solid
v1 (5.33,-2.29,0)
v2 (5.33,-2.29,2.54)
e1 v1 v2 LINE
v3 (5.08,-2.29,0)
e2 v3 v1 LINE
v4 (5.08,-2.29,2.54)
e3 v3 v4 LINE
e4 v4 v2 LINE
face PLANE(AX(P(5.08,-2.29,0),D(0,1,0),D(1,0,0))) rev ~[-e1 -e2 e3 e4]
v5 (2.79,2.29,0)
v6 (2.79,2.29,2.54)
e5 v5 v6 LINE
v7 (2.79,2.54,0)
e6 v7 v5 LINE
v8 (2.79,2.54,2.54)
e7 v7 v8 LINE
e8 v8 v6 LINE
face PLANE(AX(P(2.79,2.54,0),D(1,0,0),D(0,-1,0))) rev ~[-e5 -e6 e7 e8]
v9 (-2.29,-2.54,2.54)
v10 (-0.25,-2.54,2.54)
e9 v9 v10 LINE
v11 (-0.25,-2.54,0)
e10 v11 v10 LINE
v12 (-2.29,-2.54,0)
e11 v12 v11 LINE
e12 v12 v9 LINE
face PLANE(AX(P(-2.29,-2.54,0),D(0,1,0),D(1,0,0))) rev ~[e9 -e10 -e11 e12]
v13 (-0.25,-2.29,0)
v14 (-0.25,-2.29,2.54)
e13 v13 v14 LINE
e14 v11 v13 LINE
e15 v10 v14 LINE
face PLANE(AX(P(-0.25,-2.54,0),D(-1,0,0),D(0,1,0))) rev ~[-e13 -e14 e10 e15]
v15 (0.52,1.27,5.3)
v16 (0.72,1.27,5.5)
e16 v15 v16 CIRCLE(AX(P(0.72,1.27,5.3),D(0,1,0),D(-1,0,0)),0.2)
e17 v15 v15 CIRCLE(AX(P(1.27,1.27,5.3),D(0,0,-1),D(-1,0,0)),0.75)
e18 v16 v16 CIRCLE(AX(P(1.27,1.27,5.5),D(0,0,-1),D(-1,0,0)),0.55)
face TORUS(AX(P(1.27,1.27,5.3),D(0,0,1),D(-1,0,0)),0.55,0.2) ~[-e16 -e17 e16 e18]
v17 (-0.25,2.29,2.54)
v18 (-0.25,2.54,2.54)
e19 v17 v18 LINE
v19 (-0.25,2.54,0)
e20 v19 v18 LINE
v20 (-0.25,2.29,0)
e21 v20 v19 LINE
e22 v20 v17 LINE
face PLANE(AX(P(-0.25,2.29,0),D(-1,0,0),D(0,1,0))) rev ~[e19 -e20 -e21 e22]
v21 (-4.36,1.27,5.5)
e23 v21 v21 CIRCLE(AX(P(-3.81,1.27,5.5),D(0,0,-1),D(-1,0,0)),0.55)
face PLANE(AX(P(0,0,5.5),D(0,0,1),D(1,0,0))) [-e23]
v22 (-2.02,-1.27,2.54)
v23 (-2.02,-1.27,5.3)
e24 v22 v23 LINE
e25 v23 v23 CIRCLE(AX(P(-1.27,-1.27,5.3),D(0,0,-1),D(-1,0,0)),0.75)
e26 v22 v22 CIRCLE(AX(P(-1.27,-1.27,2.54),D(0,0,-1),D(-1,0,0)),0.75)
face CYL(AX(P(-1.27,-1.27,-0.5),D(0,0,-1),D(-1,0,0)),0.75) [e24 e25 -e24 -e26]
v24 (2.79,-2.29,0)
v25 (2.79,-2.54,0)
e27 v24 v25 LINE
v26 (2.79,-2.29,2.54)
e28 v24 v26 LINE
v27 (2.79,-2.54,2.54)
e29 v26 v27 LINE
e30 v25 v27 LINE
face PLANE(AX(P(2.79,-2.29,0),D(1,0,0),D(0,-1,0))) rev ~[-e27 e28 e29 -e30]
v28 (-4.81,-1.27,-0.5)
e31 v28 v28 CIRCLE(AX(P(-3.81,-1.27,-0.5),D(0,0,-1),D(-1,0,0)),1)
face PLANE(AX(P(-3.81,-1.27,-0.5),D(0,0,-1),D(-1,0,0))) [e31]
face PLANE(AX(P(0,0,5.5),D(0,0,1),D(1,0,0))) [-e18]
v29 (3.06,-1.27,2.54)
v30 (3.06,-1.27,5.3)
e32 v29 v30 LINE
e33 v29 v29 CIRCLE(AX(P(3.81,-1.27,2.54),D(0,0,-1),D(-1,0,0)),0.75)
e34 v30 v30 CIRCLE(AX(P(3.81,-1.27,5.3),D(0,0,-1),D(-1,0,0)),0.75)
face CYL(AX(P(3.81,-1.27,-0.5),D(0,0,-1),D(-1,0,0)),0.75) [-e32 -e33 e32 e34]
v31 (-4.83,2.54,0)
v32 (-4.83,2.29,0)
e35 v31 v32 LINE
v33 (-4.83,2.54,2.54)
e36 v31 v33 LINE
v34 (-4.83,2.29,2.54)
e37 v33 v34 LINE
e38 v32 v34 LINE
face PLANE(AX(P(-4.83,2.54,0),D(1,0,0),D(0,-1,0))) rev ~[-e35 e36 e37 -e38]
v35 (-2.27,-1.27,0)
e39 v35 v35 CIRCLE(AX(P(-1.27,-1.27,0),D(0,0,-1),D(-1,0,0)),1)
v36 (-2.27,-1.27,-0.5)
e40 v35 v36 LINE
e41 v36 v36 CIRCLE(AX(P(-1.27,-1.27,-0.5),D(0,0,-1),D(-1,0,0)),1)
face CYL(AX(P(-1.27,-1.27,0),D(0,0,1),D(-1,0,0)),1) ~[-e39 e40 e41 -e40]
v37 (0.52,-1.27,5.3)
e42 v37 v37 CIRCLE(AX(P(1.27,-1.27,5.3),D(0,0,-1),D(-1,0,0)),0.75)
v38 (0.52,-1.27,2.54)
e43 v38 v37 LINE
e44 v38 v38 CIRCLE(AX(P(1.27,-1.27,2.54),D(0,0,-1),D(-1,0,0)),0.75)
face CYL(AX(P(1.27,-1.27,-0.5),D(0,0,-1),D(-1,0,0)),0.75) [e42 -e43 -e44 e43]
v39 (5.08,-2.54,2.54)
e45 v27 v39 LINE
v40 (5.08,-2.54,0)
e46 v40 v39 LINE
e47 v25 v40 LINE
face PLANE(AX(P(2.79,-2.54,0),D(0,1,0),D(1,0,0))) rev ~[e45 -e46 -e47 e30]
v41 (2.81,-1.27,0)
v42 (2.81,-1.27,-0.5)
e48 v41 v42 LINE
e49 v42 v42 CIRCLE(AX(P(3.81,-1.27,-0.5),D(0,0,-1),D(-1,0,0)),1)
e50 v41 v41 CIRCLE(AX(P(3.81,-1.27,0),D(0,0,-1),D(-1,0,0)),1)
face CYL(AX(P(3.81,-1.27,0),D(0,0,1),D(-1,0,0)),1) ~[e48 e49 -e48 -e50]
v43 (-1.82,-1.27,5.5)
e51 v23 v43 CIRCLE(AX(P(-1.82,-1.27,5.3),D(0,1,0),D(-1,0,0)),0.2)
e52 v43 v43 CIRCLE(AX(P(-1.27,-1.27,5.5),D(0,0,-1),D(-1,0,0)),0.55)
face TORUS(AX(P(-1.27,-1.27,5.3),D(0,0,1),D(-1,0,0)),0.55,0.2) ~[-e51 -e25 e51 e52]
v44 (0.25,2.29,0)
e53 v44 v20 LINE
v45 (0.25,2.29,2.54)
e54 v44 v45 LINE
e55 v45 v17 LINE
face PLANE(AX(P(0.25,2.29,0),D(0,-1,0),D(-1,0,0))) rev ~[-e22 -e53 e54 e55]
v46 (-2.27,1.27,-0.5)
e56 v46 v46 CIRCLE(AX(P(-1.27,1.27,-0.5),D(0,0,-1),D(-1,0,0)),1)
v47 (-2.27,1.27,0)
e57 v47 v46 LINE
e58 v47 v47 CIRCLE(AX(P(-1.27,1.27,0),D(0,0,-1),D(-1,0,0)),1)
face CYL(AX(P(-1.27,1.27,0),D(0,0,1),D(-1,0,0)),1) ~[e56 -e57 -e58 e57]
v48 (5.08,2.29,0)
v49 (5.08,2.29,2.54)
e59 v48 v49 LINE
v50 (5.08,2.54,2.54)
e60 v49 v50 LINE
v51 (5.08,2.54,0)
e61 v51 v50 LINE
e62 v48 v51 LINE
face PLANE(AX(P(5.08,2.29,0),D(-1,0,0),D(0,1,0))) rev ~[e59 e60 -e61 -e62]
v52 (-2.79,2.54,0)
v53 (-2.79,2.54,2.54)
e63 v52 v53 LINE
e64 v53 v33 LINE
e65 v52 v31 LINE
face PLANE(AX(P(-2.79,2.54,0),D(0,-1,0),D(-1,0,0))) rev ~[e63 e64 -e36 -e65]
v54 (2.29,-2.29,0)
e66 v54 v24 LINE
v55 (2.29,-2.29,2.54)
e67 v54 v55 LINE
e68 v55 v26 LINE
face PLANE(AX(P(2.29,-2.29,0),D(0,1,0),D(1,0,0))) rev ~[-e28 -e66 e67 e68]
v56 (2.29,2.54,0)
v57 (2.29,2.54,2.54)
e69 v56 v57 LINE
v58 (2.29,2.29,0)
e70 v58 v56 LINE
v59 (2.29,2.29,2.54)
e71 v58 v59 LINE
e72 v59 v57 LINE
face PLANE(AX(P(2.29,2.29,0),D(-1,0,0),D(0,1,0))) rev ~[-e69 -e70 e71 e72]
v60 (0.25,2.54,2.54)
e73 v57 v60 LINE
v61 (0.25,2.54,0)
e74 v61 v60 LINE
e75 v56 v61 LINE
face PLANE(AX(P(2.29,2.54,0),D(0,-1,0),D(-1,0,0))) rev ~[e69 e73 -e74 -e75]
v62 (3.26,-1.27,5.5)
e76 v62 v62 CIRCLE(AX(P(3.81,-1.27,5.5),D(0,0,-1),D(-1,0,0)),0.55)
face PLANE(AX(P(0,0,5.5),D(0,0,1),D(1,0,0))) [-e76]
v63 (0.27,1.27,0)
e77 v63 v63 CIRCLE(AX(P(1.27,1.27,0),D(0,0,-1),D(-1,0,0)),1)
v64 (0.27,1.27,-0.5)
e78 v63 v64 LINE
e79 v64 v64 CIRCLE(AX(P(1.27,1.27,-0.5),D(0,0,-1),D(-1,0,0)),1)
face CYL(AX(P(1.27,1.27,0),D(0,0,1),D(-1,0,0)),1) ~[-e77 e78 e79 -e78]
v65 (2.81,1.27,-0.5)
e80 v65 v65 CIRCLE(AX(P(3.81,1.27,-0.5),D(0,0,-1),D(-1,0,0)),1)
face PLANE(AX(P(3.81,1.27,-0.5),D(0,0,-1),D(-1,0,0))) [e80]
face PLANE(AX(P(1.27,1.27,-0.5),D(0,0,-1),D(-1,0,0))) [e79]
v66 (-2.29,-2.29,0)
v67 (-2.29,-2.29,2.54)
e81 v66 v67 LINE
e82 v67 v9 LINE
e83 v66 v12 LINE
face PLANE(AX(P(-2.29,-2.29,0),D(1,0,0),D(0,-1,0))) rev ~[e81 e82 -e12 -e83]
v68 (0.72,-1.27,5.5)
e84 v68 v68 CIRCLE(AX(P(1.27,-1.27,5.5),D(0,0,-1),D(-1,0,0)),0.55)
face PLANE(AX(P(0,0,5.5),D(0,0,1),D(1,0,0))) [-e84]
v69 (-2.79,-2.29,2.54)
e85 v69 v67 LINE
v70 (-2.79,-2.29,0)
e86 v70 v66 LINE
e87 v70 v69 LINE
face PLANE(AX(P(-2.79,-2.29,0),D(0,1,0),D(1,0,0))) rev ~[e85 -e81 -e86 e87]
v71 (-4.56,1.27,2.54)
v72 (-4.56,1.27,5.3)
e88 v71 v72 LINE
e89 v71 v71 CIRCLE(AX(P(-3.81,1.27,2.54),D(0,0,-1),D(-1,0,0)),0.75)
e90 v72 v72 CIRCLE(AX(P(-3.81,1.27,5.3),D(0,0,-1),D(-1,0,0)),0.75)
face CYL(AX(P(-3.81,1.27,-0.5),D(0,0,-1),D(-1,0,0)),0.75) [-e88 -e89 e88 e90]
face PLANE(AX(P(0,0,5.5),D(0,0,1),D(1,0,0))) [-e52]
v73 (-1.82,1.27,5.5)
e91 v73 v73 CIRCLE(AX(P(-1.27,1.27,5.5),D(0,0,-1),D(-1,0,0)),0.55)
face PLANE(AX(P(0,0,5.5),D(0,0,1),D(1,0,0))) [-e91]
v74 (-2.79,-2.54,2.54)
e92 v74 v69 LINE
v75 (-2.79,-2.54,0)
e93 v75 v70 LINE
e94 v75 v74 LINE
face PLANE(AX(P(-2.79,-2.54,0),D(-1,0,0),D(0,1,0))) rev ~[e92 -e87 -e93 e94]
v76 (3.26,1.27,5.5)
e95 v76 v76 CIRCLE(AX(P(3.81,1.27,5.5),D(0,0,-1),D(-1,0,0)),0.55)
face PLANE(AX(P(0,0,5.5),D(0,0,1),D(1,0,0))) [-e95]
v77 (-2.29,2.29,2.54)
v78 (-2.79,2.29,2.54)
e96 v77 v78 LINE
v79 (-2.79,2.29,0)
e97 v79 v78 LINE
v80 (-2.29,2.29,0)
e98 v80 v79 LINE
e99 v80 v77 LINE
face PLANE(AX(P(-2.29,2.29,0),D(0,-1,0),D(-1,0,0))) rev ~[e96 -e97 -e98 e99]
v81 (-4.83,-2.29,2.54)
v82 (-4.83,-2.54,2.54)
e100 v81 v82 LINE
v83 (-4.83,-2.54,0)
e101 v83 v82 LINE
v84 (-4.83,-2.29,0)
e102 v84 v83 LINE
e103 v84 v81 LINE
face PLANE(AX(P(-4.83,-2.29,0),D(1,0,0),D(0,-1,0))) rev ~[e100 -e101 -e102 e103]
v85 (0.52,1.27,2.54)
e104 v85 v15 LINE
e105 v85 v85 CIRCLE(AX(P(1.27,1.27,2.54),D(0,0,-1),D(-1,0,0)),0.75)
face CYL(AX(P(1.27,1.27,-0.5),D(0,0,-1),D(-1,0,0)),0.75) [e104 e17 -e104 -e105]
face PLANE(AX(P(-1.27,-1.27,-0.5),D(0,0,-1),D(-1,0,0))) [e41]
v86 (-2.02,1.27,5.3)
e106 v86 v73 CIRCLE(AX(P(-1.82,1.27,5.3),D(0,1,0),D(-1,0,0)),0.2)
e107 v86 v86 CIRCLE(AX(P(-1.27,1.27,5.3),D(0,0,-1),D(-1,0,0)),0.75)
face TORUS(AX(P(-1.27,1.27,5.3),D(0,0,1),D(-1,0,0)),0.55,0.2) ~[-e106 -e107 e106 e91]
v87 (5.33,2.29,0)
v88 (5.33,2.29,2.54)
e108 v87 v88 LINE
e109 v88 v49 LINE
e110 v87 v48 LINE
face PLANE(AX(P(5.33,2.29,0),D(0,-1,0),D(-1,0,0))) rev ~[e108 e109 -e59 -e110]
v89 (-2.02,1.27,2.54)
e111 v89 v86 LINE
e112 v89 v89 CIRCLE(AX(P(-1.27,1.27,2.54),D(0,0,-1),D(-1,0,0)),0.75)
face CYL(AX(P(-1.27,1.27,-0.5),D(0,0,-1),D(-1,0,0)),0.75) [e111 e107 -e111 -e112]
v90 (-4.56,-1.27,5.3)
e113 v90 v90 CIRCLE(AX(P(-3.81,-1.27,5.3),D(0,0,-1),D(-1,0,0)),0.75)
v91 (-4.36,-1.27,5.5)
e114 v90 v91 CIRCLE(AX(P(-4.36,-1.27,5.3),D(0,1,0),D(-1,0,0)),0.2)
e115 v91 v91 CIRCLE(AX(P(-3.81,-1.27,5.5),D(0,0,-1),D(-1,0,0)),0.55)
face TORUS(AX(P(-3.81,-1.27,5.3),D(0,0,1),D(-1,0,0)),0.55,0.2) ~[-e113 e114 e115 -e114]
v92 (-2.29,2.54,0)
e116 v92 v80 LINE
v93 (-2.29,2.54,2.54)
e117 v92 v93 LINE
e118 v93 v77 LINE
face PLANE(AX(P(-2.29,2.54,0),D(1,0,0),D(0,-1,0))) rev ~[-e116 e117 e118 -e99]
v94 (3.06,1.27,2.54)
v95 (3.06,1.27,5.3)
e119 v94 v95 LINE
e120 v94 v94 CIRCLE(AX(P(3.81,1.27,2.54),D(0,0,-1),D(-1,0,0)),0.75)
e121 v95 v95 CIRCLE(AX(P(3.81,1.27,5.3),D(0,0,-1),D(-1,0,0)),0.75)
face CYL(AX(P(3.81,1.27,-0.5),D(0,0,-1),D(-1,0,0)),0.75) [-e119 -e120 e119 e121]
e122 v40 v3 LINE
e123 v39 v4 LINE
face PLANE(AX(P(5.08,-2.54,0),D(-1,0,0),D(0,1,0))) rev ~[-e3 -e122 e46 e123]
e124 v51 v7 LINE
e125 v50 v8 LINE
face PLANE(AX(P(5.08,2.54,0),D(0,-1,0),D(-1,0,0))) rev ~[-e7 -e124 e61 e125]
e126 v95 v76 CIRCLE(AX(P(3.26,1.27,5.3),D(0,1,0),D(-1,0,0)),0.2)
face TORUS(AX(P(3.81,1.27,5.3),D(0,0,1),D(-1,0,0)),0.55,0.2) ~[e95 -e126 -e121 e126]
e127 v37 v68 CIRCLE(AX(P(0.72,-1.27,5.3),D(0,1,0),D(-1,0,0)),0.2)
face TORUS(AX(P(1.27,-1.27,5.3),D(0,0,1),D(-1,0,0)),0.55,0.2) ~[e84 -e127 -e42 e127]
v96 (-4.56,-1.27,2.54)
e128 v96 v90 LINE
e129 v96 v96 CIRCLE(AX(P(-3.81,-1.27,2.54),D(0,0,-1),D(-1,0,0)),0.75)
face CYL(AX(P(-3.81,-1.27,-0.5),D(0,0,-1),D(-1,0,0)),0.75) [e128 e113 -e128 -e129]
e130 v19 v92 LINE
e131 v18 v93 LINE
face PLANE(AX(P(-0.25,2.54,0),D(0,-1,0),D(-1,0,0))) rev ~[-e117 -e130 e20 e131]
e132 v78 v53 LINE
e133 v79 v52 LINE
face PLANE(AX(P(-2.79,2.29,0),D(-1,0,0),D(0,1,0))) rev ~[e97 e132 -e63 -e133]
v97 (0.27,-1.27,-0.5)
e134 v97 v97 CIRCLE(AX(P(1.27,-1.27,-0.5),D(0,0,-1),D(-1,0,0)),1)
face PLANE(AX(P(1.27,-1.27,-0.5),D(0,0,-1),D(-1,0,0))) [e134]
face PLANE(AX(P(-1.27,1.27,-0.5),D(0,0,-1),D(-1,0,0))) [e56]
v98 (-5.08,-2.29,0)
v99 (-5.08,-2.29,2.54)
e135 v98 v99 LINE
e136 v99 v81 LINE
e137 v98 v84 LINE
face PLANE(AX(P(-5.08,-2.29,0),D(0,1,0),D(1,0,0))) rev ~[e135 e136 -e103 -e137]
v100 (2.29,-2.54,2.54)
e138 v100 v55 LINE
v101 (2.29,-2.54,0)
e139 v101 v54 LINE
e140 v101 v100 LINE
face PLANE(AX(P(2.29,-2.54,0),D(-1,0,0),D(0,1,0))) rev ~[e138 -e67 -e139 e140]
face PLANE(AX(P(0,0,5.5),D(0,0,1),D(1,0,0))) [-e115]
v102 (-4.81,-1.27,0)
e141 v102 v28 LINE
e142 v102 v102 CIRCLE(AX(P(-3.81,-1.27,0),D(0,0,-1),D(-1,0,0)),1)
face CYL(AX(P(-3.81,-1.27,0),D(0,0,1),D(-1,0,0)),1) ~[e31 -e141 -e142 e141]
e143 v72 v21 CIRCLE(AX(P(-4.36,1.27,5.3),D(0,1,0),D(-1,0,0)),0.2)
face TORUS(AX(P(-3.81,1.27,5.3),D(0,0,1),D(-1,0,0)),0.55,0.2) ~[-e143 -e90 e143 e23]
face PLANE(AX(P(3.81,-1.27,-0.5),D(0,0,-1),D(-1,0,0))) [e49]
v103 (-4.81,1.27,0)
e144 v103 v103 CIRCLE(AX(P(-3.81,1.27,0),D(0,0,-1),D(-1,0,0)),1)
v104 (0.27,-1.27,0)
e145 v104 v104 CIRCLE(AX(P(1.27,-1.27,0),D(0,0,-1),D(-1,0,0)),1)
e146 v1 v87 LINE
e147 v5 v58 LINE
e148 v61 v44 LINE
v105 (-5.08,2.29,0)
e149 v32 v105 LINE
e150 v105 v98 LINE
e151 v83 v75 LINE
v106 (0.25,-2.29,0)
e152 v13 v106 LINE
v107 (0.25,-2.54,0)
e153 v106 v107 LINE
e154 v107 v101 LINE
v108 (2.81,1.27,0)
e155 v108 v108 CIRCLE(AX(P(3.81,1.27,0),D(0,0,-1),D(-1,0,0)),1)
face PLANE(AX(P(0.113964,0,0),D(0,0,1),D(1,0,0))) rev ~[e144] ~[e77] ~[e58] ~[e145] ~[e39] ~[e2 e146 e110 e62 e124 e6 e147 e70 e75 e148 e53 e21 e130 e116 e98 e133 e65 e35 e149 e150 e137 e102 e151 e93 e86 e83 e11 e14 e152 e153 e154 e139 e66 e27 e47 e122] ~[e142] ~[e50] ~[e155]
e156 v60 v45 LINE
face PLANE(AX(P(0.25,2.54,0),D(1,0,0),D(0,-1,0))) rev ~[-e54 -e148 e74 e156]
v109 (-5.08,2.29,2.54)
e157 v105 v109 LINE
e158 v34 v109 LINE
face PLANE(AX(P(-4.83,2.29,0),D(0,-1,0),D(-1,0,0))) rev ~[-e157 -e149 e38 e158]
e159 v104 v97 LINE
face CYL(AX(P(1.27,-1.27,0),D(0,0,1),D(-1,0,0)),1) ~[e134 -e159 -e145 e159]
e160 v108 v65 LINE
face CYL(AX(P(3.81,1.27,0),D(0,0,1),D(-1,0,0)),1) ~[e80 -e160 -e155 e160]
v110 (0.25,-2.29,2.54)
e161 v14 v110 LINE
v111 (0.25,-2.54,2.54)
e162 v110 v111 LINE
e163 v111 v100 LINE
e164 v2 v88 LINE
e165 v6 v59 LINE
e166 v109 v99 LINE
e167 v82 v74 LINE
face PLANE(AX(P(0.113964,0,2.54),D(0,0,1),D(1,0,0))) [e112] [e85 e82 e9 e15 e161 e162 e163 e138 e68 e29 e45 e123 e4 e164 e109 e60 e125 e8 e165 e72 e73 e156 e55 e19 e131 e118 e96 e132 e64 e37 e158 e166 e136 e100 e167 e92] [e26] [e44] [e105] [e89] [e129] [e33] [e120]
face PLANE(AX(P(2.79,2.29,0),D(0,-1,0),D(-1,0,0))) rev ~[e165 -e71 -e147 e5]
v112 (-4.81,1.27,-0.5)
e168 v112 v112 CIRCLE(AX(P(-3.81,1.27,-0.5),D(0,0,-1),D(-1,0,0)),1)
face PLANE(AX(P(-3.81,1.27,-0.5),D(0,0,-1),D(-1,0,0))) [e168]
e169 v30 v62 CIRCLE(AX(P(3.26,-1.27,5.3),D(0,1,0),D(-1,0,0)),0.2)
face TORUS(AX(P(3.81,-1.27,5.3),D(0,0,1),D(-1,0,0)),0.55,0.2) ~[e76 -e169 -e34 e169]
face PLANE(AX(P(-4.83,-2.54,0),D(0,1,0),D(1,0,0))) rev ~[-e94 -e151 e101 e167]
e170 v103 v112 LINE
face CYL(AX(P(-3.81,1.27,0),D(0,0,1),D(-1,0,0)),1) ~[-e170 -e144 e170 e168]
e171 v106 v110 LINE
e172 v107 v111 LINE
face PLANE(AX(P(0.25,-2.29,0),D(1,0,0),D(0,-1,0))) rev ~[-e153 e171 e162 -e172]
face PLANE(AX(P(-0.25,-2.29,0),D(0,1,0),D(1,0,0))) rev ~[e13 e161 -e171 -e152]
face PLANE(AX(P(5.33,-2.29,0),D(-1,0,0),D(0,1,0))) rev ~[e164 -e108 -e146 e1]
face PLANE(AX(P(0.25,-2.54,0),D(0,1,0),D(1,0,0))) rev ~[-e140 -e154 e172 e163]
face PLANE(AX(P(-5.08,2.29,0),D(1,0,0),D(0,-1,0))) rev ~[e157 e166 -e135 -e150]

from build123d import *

# Parameters (mm, degrees)
EXTRUDE_1_DEPTH     = 2.54
SKETCH_2_R          = 1
EXTRUDE_2_DEPTH     = 0.5
SKETCH_3_R          = 0.75
EXTRUDE_3_DEPTH     = 8
SKETCH_4_R          = 0.45
EXTRUDE_4_DEPTH     = 2
FILLET_1_R          = 0.4
FILLET_2_R          = 0.2
SKETCH_6_R          = 7.818087931
CUT_EXTRUDE_1_DEPTH = 4
FILLET_3_R          = 0.2


with BuildPart() as part:
    # 草图1 → 凸台-拉伸1 (new body)
    with BuildSketch(Plane.XY):
        Polygon((5.08, 2.29), (5.08, 2.54), (2.79, 2.54), (2.79, 2.29), (2.29, 2.29), (2.29, 2.54), (0.25, 2.54), (0.25, 2.29), (-0.25, 2.29), (-0.25, 2.54), (-2.29, 2.54), (-2.29, 2.29), (-2.79, 2.29), (-2.79, 2.54), (-4.83, 2.54), (-4.83, 2.29), (-5.08, 2.29), (-5.08, -2.29), (-4.83, -2.29), (-4.83, -2.54), (-2.79, -2.54), (-2.79, -2.29), (-2.29, -2.29), (-2.29, -2.54), (-0.25, -2.54), (-0.25, -2.29), (0.25, -2.29), (0.25, -2.54), (2.29, -2.54), (2.29, -2.29), (2.79, -2.29), (2.79, -2.54), (5.08, -2.54), (5.08, -2.29), (5.33, -2.29), (5.33, 0), (5.33, 2.29), align=None)
    extrude(amount=EXTRUDE_1_DEPTH)

    # 草图2 → 凸台-拉伸2 (add)
    with BuildSketch(Plane(origin=(0, 0, 0), x_dir=(-1, 0, 0), z_dir=(0, 0, -1))):
        with Locations((-1.27, 1.27)):
            Circle(SKETCH_2_R)
        with Locations((1.27, 1.27)):
            Circle(SKETCH_2_R)
        with Locations((3.81, 1.27)):
            Circle(SKETCH_2_R)
        with Locations((1.27, -1.27)):
            Circle(SKETCH_2_R)
        with Locations((3.81, -1.27)):
            Circle(SKETCH_2_R)
        with Locations((-1.27, -1.27)):
            Circle(SKETCH_2_R)
        with Locations((-3.81, 1.27)):
            Circle(SKETCH_2_R)
        with Locations((-3.81, -1.27)):
            Circle(SKETCH_2_R)
    extrude(amount=EXTRUDE_2_DEPTH)

    # 草图3 → 凸台-拉伸3 (add)
    with BuildSketch(Plane(origin=(0, 0, -0.5), x_dir=(-1, 0, 0), z_dir=(0, 0, -1))):
        with Locations((-3.81, 1.27)):
            Circle(SKETCH_3_R)
        with Locations((-1.27, 1.27)):
            Circle(SKETCH_3_R)
        with Locations((1.27, 1.27)):
            Circle(SKETCH_3_R)
        with Locations((3.81, 1.27)):
            Circle(SKETCH_3_R)
        with Locations((-1.27, -1.27)):
            Circle(SKETCH_3_R)
        with Locations((1.27, -1.27)):
            Circle(SKETCH_3_R)
        with Locations((3.81, -1.27)):
            Circle(SKETCH_3_R)
        with Locations((-3.81, -1.27)):
            Circle(SKETCH_3_R)
    extrude(amount=-EXTRUDE_3_DEPTH)

    # 草图4 → 凸台-拉伸4 (add)
    with BuildSketch(Plane.XY.offset(7.5)):
        with Locations((-3.81, 1.27)):
            Circle(SKETCH_4_R)
        with Locations((-1.27, 1.27)):
            Circle(SKETCH_4_R)
        with Locations((1.27, 1.27)):
            Circle(SKETCH_4_R)
        with Locations((3.81, 1.27)):
            Circle(SKETCH_4_R)
        with Locations((-1.27, -1.27)):
            Circle(SKETCH_4_R)
        with Locations((1.27, -1.27)):
            Circle(SKETCH_4_R)
        with Locations((3.81, -1.27)):
            Circle(SKETCH_4_R)
        with Locations((-3.81, -1.27)):
            Circle(SKETCH_4_R)
    extrude(amount=EXTRUDE_4_DEPTH)

    # 圆角1
    fillet_1_edges = [part.edges().sort_by_distance(p)[0] for p in [
        (-4.26, 1.27, 9.5),
        (-1.72, 1.27, 9.5),
        (0.82, 1.27, 9.5),
        (3.36, 1.27, 9.5),
        (-1.72, -1.27, 9.5),
        (0.82, -1.27, 9.5),
        (3.36, -1.27, 9.5),
        (-4.26, -1.27, 9.5),
    ]]
    fillet(fillet_1_edges, radius=FILLET_1_R)

    # 圆角2
    fillet_2_edges = [part.edges().sort_by_distance(p)[0] for p in [
        (4.56, 1.27, 7.5),
        (2.02, 1.27, 7.5),
        (-0.52, 1.27, 7.5),
        (-3.06, 1.27, 7.5),
        (2.02, -1.27, 7.5),
        (-0.52, -1.27, 7.5),
        (-3.06, -1.27, 7.5),
        (4.56, -1.27, 7.5),
    ]]
    fillet(fillet_2_edges, radius=FILLET_2_R)

    # 草图6 → 切除-拉伸1 (cut)
    with BuildSketch(Plane.XY.offset(9.5)):
        Circle(SKETCH_6_R)
    extrude(amount=-CUT_EXTRUDE_1_DEPTH, mode=Mode.SUBTRACT)

    # 圆角3
    fillet_3_edges = [part.edges().sort_by_distance(p)[0] for p in [
        (4.56, 1.27, 5.5),
        (2.02, 1.27, 5.5),
        (-0.52, 1.27, 5.5),
        (-3.06, 1.27, 5.5),
        (2.02, -1.27, 5.5),
        (-0.52, -1.27, 5.5),
        (-3.06, -1.27, 5.5),
        (4.56, -1.27, 5.5),
    ]]
    fillet(fillet_3_edges, radius=FILLET_3_R)


solid = part.part
